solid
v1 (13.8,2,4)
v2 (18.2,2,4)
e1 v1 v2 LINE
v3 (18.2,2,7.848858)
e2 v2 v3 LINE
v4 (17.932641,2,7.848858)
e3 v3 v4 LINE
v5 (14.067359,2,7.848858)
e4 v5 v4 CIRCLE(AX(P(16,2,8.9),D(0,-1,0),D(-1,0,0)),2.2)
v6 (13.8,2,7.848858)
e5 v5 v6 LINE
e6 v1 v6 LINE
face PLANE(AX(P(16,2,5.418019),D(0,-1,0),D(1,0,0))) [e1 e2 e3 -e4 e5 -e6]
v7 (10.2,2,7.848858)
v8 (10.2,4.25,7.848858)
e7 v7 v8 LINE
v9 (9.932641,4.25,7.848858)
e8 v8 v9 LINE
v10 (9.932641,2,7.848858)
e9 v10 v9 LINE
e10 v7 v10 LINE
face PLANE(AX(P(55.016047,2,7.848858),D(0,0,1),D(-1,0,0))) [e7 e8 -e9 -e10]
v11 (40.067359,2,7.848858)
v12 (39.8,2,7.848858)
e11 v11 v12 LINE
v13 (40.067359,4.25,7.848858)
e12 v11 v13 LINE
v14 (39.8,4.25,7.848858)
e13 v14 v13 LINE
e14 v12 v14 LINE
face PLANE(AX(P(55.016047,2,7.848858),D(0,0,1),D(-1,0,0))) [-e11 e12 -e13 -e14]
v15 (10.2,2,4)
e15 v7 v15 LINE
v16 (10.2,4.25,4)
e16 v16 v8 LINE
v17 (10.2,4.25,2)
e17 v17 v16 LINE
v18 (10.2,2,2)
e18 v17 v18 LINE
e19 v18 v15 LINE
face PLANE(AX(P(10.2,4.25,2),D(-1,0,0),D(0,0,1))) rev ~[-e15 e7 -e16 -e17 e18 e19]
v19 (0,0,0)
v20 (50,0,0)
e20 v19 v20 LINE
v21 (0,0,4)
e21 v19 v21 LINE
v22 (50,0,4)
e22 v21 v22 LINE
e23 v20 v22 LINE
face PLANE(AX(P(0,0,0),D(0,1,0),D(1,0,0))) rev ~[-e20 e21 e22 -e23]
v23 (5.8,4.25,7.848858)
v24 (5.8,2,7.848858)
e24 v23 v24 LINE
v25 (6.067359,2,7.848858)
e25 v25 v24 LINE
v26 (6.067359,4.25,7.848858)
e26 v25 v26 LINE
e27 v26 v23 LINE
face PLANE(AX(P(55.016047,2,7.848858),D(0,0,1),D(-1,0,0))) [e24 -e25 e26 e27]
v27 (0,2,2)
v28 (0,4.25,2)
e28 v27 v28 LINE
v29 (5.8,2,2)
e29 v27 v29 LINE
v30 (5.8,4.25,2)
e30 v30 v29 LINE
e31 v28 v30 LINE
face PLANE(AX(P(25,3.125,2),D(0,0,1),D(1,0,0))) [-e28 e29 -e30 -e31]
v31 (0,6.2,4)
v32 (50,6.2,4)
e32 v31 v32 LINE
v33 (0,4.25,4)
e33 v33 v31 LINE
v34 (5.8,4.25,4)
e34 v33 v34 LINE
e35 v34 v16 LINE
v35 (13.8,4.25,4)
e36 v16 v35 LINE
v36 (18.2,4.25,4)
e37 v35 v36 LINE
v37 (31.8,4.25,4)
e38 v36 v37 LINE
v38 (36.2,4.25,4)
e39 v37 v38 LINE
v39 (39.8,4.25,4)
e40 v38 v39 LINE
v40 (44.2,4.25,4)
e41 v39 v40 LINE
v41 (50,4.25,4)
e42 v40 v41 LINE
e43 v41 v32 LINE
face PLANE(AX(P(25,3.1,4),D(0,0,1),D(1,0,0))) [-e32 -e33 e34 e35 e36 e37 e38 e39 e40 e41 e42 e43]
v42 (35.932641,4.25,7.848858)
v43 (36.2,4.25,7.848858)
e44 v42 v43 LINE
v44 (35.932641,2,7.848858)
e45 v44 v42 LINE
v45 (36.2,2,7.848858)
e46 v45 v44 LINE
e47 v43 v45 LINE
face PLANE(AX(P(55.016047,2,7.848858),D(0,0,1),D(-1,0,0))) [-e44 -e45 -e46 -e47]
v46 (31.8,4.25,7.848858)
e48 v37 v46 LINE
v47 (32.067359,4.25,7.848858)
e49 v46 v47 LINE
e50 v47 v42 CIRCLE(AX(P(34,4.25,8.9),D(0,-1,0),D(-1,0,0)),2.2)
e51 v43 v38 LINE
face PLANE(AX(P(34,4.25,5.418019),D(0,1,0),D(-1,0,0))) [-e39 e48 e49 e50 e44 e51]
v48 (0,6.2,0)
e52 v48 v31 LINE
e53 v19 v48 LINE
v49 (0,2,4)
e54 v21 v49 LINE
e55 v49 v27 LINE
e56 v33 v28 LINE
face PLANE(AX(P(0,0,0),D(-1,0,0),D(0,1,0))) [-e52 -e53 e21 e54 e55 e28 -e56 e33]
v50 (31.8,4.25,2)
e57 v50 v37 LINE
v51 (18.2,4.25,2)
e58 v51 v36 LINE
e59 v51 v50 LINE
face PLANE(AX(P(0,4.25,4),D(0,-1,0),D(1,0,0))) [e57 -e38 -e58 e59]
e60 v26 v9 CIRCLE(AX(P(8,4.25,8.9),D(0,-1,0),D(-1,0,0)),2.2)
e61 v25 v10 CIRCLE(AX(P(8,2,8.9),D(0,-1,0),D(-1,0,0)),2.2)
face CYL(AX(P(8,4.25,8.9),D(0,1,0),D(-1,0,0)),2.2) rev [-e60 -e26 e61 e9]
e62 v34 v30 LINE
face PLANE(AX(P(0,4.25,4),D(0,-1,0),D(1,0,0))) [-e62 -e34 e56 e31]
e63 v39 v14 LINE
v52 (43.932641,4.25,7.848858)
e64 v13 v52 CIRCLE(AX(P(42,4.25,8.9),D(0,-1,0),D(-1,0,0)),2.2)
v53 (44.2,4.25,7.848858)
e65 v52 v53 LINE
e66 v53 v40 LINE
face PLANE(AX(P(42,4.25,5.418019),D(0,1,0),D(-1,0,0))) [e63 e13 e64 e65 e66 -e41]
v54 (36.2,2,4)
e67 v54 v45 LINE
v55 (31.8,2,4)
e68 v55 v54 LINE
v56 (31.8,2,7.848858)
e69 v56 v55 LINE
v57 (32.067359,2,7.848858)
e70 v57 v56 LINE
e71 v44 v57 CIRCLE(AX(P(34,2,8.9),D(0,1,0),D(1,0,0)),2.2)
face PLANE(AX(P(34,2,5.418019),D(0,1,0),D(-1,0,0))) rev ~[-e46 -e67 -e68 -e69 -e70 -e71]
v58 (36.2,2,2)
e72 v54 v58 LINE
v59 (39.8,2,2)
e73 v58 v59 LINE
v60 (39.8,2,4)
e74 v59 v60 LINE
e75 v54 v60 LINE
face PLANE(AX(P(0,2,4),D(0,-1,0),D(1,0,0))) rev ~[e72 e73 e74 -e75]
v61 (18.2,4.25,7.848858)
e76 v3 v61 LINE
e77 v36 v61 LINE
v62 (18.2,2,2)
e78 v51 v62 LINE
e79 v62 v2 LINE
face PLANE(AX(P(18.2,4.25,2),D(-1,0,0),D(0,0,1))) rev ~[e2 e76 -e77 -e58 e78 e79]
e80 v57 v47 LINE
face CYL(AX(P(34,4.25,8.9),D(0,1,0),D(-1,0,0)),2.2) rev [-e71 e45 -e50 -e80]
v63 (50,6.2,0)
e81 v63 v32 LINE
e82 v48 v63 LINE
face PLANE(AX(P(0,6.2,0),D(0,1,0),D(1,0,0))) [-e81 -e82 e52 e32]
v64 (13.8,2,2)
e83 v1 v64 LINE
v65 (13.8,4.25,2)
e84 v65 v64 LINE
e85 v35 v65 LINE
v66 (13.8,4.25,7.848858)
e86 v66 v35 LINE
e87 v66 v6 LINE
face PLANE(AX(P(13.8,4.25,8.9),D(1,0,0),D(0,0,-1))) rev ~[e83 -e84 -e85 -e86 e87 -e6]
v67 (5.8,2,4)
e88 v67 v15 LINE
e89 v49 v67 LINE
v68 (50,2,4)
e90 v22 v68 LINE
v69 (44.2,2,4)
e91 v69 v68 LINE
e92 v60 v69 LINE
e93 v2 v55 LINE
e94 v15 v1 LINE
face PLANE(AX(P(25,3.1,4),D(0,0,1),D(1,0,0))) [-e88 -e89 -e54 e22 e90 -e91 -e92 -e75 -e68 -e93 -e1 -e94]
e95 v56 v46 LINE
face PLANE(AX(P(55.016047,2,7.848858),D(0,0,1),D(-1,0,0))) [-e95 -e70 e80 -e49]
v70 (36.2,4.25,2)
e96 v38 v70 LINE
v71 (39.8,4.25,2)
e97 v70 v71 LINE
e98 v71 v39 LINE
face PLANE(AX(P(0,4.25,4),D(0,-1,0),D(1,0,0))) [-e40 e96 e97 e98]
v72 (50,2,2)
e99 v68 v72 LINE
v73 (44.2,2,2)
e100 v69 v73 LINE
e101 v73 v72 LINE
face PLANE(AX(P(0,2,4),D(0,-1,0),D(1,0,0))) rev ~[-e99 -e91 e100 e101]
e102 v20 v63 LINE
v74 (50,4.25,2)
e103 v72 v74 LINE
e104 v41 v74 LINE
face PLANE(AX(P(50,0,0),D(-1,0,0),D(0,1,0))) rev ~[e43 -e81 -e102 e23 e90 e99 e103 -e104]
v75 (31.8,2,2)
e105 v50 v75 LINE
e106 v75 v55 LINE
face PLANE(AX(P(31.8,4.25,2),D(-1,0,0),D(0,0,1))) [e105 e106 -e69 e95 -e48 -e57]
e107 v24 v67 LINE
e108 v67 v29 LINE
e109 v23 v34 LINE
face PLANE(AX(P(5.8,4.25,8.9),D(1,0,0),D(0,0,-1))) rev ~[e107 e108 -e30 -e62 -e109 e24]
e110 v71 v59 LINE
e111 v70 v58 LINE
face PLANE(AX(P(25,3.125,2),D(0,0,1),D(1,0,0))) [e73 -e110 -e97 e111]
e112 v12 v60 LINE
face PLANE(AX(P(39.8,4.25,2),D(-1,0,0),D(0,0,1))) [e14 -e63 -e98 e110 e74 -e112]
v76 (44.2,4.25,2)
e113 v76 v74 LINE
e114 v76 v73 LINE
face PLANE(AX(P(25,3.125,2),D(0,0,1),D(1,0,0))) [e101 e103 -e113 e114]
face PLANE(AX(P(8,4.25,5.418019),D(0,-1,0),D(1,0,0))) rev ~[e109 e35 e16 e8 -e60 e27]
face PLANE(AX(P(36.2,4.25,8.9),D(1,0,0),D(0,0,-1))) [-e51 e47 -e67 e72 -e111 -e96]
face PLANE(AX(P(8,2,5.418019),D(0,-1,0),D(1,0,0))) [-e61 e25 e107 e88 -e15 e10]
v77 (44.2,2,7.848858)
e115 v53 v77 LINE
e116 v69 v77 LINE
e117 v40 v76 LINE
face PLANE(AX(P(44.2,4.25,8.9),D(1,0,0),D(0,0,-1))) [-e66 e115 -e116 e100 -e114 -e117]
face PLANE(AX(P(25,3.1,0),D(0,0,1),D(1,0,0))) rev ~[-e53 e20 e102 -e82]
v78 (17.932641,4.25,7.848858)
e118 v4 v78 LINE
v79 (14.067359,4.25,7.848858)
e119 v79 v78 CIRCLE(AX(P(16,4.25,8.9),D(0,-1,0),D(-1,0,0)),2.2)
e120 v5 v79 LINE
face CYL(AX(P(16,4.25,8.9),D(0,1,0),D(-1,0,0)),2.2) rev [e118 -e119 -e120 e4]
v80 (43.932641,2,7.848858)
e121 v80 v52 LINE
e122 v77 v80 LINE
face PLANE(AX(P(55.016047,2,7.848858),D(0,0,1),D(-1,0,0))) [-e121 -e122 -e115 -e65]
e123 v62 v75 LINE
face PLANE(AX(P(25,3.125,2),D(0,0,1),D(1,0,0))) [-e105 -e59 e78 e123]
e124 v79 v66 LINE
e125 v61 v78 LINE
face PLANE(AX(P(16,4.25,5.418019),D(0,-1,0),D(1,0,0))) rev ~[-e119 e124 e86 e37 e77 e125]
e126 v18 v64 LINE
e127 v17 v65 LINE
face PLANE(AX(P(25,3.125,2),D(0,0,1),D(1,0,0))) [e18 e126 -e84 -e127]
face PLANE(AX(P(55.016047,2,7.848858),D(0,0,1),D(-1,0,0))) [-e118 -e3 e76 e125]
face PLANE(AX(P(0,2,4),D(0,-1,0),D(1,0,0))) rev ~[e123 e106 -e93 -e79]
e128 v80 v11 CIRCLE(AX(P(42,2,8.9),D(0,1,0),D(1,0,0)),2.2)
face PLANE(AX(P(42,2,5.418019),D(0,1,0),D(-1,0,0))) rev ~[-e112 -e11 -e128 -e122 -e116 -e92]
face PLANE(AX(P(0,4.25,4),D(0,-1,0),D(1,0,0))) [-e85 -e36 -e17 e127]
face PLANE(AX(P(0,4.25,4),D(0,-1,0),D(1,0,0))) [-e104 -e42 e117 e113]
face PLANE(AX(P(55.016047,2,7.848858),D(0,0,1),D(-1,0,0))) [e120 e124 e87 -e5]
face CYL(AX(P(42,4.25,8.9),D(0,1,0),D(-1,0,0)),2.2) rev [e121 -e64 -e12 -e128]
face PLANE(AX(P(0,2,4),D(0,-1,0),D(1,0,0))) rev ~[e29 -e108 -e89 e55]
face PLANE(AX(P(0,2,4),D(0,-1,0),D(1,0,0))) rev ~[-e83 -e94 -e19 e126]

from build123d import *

# Parameters (mm, degrees)
SKETCH_W             = 50
SKETCH_H             = 6.2
PAD_DEPTH            = 4
SKETCH001_W          = 50
SKETCH001_H          = 2.25
POCKET_DEPTH         = 2
PAD001_DEPTH         = 2.25
SKETCH003_W          = 58.610697
SKETCH003_H          = 2.473083
POCKET001_DEPTH      = 5
POCKET001_DEPTH_BACK = -5


with BuildPart() as part:
    # Sketch → Pad (new body)
    with BuildSketch(Plane.XY):
        with Locations((25, 3.1)):
            Rectangle(SKETCH_W, SKETCH_H)
    extrude(amount=PAD_DEPTH)

    # Sketch001 (on Face6 of Pad) → Pocket (cut)
    with BuildSketch(Plane.XY.offset(4)):
        with Locations((25, 3.125)):
            Rectangle(SKETCH001_W, SKETCH001_H)
    extrude(amount=-POCKET_DEPTH, mode=Mode.SUBTRACT)

    # Sketch002 (on Face8 of Pocket) → Pad001 (join)
    with BuildSketch(Plane.XZ.offset(-4.25)):
        with BuildLine():
            Line((5.8, 2), (10.2, 2))
            Line((10.2, 2), (10.2, 8.9))
            ThreePointArc((5.8, 8.9), (8, 6.7), (10.2, 8.9))
            Line((5.8, 8.9), (5.8, 2))
        make_face()
        with BuildLine():
            Line((13.8, 2), (18.2, 2))
            Line((18.2, 2), (18.2, 8.9))
            ThreePointArc((13.8, 8.9), (16, 6.7), (18.2, 8.9))
            Line((13.8, 8.9), (13.8, 2))
        make_face()
        with BuildLine():
            ThreePointArc((31.8, 8.9), (34, 6.7), (36.2, 8.9))
            Line((36.2, 8.9), (36.2, 2))
            Line((36.2, 2), (31.8, 2))
            Line((31.8, 2), (31.8, 8.9))
        make_face()
        with BuildLine():
            ThreePointArc((39.8, 8.9), (42, 6.7), (44.2, 8.9))
            Line((44.2, 8.9), (44.2, 2))
            Line((44.2, 2), (39.8, 2))
            Line((39.8, 2), (39.8, 8.9))
        make_face()
    extrude(amount=PAD001_DEPTH)

    # Sketch003 (on Face17 of Pad001) → Pocket001 (cut, two sides)
    with BuildSketch(Plane(origin=(0, 2, 0), x_dir=(-1, 0, 0), z_dir=(0, 1, 0))) as pocket001_sk:
        with Locations((-25.710698, 9.085399)):
            Rectangle(SKETCH003_W, SKETCH003_H)
    extrude(amount=-POCKET001_DEPTH, mode=Mode.SUBTRACT)
    extrude(pocket001_sk.sketch, amount=-POCKET001_DEPTH_BACK, mode=Mode.SUBTRACT)


solid = part.part
